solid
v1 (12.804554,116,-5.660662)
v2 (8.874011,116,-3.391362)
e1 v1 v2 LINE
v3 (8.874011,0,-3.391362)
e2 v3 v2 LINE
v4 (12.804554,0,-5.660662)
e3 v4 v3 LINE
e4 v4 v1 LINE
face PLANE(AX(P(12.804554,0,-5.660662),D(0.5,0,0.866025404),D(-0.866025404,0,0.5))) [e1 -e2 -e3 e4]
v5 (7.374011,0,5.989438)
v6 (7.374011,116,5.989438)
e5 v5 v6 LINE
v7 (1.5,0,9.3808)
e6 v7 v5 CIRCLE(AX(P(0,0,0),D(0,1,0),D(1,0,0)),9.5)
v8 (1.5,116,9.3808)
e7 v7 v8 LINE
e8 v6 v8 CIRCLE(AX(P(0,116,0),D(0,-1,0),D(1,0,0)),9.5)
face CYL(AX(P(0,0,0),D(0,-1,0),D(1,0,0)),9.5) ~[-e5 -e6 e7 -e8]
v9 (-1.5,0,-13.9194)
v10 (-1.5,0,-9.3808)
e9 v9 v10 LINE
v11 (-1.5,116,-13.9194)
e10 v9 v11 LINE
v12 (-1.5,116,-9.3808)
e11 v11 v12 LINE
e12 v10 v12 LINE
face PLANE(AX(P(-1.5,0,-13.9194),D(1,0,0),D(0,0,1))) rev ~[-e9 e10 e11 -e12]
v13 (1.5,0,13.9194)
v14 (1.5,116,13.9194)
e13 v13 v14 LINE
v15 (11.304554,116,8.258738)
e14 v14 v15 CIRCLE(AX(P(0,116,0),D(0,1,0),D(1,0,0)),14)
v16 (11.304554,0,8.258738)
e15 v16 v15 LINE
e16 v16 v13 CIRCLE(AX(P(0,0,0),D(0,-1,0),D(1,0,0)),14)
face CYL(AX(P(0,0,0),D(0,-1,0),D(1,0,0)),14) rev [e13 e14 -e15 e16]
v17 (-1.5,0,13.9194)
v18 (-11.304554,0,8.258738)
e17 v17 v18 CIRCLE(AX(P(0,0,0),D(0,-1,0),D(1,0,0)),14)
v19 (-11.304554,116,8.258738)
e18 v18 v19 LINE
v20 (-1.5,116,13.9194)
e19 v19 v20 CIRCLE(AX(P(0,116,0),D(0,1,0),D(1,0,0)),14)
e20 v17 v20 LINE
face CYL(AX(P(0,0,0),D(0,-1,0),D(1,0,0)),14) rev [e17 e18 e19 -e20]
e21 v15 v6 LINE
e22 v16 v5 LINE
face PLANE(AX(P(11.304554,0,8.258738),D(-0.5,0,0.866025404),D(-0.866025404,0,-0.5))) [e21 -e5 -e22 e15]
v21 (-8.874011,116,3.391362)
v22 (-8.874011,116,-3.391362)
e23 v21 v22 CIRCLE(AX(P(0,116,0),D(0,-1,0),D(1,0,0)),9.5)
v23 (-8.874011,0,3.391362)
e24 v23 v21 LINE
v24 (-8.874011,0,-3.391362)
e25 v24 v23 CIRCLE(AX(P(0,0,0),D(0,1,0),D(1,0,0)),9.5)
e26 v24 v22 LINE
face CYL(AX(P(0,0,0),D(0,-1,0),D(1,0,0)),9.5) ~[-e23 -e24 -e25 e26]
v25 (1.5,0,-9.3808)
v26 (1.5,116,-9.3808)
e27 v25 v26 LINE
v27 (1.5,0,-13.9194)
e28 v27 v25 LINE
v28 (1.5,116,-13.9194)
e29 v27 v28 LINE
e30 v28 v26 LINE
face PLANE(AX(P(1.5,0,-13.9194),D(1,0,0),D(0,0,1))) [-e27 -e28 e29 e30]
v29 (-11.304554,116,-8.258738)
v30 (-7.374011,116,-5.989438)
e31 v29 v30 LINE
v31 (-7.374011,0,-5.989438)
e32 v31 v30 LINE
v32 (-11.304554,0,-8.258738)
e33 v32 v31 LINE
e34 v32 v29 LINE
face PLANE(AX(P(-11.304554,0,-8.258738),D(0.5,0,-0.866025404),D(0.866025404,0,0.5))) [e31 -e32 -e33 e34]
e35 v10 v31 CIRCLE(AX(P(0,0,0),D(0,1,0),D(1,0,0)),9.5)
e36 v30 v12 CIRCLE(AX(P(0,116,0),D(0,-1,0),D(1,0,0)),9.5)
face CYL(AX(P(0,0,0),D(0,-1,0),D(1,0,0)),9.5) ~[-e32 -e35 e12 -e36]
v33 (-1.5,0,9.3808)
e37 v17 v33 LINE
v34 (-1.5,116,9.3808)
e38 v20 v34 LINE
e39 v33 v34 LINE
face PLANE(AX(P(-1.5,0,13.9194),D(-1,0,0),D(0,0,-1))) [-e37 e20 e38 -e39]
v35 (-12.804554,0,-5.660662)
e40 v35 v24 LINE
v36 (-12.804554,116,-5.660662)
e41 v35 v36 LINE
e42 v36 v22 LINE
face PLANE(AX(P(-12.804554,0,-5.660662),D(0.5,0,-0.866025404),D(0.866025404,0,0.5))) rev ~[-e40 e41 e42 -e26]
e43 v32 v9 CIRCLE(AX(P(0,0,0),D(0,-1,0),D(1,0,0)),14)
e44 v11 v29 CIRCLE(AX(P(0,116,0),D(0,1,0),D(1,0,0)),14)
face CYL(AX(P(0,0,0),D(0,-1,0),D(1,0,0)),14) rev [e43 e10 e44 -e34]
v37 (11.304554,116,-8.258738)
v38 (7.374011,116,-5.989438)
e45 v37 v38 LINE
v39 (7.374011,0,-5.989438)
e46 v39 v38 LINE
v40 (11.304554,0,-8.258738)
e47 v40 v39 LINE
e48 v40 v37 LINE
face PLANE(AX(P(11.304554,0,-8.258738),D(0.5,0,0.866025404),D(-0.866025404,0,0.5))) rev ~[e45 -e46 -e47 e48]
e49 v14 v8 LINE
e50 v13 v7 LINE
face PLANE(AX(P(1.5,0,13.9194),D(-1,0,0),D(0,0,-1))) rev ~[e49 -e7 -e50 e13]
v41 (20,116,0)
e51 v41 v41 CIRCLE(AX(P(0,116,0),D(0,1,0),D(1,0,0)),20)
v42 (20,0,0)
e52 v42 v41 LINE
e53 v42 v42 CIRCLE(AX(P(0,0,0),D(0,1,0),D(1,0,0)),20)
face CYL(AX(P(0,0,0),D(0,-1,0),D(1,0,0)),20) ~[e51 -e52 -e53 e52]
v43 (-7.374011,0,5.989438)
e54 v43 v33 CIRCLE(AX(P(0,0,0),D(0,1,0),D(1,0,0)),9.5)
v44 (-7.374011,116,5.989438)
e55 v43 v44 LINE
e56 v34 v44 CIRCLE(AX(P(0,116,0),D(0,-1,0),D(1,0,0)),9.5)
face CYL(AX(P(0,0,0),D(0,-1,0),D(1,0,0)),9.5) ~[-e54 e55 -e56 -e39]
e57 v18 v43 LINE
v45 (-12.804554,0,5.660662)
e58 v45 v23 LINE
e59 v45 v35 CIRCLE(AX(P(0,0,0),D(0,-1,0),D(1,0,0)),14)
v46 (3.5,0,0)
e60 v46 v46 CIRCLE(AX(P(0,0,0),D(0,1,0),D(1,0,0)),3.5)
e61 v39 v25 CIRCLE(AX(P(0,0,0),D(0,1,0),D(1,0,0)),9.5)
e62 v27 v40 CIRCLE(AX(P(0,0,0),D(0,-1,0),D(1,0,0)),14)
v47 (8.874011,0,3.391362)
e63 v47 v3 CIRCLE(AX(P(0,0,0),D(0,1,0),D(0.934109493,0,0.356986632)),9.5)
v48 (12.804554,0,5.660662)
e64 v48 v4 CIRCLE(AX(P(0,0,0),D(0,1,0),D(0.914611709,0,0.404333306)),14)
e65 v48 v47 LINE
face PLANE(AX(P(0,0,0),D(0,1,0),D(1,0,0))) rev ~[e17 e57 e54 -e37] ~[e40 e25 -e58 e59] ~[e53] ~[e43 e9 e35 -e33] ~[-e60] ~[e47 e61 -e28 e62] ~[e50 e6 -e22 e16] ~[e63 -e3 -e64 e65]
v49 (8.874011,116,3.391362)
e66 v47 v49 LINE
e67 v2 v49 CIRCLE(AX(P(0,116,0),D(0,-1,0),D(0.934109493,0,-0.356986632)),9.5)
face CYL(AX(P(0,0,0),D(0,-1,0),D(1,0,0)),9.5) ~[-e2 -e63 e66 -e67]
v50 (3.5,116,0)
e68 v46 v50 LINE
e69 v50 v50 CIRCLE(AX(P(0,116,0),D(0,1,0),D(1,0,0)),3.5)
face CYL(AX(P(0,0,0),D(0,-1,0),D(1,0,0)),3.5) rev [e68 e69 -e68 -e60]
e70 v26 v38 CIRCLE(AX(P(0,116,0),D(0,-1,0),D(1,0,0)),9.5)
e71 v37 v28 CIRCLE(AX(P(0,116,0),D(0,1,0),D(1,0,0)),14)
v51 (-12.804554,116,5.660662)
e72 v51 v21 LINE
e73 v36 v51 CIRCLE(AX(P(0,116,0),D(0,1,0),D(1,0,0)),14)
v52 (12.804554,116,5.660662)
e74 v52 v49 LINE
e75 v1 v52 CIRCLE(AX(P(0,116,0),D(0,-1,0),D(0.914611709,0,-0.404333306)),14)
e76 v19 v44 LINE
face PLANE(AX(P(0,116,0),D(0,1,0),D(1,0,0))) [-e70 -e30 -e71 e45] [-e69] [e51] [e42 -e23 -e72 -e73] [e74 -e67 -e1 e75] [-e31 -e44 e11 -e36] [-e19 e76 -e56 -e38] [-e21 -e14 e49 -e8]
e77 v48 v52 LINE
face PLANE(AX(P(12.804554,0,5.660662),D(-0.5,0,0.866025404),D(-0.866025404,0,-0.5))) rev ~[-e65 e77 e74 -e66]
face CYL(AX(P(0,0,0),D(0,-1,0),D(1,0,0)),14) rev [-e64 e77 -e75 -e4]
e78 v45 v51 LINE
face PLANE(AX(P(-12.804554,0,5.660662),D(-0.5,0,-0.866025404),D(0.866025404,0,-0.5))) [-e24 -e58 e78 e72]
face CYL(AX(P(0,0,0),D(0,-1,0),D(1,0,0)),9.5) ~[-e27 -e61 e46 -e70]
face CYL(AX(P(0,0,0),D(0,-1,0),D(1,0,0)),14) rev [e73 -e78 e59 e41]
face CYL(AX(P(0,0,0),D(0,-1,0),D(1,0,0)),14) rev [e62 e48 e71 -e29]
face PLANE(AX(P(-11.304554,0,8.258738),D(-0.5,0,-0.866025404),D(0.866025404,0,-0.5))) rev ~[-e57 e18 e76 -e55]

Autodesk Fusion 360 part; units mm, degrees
sketch "Sketch2" plane through (0, 0, 0) normal (0, 1, 0) x (1, 0, 0)
  circle A0 centre (0, 0) radius 3.5
  circle A1 centre (0, 0) radius 9.5
  circle A2 centre (0, 0) radius 20
  circle A3 centre (0, 0) radius 14
  line L0 (0, 9.5) -> (0, 14)
  line L1 (-1.5, 13.9194) -> (-1.5, 9.3808)
  line L2 (1.5, 13.9194) -> (1.5, 9.3808)
  dimension "d5" = 7
  dimension "d6" = 6
  dimension "d7" = 40
  dimension "d8" = 6
  dimension "d11" = 1.5
  dimension "d12" = 1.5
extrude "Extrude3" add sketch "Sketch2" along normal blind 116 contours A1 A3 L0 L2 | A1 A3 L0 L1 makes body 1
extrude "Extrude2" add sketch "Sketch2" along normal blind 116 separate body contours A1 | A2 makes body 2 at (9.4528, 38.6667, 0.9459) makes body 3 at (19.9751, 77.3333, 0.9969)
pattern_circular "C-Pattern1" count 6 over 360 about axis through (0, 1.75, 0) along (0, 1, 0) of bodies 1 makes body 4 at (-9.9944, 38.6667, -7.5023) makes body 5 at (-11.4944, 38.6667, 4.9042) makes body 6 at (-1.5, 38.6667, 12.4066) makes body 7 at (9.9944, 38.6667, 7.5023) makes body 8 at (9.9944, 38.6667, -7.5023)
combine "Combine1" operation add target body 1 tool bodies 2 3 7 8 4 5 6
